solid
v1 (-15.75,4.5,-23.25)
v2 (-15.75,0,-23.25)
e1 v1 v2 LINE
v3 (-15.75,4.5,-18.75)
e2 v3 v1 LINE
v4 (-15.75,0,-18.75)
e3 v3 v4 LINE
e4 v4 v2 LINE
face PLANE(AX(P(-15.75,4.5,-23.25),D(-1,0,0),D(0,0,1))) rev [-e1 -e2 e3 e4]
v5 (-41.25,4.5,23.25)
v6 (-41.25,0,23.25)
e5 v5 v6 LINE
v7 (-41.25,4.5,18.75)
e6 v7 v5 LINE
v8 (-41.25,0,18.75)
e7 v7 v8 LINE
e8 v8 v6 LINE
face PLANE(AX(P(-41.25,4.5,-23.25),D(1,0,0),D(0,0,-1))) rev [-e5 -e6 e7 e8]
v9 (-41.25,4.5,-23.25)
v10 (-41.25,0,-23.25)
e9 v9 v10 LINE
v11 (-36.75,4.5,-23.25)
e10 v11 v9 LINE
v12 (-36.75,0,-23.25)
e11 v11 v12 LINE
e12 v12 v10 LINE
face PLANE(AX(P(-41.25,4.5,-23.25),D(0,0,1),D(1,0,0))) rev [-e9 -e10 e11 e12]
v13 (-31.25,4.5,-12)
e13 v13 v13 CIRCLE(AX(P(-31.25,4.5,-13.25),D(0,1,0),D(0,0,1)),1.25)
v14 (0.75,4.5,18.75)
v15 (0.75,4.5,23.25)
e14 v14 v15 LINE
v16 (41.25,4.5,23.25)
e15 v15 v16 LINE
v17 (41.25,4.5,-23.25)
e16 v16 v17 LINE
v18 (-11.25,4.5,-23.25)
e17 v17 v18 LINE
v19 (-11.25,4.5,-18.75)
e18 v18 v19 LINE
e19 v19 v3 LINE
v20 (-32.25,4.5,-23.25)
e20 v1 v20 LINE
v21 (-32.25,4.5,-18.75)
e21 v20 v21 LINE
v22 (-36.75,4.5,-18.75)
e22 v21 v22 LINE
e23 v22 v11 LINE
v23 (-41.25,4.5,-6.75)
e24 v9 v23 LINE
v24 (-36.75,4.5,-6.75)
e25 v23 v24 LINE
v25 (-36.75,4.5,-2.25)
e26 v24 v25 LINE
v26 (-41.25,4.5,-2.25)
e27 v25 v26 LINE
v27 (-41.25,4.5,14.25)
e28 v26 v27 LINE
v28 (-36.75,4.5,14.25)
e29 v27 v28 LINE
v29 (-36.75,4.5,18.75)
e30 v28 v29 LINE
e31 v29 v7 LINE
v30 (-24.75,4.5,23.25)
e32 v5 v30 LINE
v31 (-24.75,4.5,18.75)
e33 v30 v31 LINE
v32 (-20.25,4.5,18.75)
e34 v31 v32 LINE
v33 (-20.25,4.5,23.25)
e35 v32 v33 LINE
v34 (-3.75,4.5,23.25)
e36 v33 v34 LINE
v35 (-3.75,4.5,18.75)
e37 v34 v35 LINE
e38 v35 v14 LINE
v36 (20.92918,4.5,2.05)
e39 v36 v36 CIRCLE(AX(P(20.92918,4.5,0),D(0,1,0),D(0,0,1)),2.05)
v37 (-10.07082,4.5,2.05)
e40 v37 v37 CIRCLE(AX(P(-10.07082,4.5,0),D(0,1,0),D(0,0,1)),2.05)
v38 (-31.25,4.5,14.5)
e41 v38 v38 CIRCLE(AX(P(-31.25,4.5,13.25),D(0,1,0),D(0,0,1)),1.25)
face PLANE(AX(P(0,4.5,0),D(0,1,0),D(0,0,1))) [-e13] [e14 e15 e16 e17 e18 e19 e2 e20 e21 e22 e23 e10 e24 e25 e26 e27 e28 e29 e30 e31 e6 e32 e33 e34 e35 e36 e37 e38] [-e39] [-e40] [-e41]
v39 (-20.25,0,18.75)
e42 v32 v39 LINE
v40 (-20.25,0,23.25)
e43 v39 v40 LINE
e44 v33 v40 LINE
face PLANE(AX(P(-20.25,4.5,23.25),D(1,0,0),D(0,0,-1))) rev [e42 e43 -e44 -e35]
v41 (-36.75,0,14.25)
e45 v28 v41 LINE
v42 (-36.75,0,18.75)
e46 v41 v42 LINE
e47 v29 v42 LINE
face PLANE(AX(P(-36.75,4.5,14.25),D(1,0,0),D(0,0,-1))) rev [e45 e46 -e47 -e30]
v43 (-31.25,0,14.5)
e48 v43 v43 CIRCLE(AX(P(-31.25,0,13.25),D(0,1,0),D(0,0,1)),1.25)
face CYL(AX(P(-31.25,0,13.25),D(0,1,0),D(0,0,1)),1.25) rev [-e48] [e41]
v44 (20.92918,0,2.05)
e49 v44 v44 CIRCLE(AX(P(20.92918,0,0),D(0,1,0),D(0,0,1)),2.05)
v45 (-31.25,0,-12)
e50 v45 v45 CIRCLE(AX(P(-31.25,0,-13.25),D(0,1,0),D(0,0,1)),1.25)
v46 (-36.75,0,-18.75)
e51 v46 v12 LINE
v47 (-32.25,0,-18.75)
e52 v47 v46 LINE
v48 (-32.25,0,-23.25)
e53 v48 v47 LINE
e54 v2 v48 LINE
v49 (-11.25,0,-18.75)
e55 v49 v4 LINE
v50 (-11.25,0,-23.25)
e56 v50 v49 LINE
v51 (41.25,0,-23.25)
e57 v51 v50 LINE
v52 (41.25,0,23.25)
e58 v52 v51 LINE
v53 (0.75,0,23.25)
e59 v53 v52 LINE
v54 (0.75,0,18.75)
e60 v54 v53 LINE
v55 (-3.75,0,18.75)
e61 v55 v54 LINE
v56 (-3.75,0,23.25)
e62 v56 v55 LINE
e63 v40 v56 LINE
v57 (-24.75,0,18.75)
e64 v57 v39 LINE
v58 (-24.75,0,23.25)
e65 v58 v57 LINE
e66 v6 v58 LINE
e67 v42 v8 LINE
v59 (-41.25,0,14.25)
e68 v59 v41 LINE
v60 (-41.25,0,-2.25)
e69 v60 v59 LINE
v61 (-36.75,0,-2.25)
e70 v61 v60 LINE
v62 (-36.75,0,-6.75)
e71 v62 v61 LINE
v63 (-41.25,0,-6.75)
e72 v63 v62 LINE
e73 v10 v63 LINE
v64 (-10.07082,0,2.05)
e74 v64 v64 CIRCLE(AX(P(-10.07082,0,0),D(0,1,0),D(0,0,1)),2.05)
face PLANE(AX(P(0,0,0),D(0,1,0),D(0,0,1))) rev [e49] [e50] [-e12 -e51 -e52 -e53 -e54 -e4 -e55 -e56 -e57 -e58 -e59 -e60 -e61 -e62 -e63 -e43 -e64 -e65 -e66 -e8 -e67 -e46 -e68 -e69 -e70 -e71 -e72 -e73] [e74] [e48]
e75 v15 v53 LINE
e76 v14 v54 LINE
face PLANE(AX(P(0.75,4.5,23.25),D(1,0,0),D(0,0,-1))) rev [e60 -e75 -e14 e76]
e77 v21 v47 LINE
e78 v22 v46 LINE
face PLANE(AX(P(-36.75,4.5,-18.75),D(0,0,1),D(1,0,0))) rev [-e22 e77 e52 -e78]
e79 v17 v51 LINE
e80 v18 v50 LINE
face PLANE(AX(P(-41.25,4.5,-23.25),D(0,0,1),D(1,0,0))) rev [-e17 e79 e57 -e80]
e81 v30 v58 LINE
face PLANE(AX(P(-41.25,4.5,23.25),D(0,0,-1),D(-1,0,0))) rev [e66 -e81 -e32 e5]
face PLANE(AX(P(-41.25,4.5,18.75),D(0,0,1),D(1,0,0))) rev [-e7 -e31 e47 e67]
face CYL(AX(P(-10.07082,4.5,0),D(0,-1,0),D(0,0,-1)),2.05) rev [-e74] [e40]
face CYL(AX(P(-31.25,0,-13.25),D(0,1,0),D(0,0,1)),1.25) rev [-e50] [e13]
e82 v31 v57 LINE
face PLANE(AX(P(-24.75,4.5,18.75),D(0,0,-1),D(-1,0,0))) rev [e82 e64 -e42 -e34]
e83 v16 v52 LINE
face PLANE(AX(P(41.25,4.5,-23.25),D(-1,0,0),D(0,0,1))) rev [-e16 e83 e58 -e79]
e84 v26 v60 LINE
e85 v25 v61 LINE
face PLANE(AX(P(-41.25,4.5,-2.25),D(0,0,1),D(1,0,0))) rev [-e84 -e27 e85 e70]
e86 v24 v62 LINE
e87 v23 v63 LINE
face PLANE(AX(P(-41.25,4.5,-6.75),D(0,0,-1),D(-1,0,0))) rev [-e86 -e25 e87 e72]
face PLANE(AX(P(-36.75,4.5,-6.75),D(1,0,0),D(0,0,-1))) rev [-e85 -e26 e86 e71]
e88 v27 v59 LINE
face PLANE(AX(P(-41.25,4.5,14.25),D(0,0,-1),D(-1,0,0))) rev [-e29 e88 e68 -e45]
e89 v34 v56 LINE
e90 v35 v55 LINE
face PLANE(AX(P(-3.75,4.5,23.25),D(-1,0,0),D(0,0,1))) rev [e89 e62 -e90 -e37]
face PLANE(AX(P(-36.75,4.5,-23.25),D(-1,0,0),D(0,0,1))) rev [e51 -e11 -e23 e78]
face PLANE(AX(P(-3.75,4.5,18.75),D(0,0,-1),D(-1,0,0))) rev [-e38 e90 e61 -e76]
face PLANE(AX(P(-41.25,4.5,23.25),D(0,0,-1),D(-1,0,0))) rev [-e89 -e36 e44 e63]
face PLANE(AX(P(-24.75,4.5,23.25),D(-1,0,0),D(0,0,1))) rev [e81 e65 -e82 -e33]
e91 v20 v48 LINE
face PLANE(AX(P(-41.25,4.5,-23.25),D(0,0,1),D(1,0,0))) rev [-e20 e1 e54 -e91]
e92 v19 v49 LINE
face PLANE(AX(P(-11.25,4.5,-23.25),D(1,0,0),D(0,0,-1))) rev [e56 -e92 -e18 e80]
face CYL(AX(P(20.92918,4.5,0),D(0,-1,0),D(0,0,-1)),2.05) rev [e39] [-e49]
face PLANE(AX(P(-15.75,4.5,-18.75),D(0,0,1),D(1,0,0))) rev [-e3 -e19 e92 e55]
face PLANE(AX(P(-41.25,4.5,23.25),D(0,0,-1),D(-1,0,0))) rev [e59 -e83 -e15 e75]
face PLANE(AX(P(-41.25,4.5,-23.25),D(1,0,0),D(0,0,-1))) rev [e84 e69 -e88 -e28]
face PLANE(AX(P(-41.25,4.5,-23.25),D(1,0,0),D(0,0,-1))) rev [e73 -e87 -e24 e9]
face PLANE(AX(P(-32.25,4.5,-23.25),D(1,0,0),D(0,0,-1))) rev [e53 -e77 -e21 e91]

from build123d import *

# Parameters (mm, degrees)
SKETCH1_W           = 82.5
SKETCH1_H           = 46.5
SKETCH1_R           = 2.05
BOSS_EXTRUDE1_DEPTH = 4.5
SKETCH2_R           = 1.25
CUT_EXTRUDE1_DEPTH  = 5.5
SKETCH3_W           = 4.5
SKETCH3_H           = 4.5
CUT_EXTRUDE2_DEPTH  = 5.5


with BuildPart() as part:
    # Sketch1 → Boss-Extrude1 (new body)
    with BuildSketch(Plane(origin=(0, 0, 0), x_dir=(1, 0, 0), z_dir=(0, 1, 0))):
        Rectangle(SKETCH1_W, SKETCH1_H)
        with Locations((20.92918, 0)):
            Circle(SKETCH1_R, mode=Mode.SUBTRACT)
        with Locations((-10.07082, 0)):
            Circle(SKETCH1_R, mode=Mode.SUBTRACT)
    extrude(amount=BOSS_EXTRUDE1_DEPTH)

    # Sketch2 → Cut-Extrude1 (cut, through all)
    with BuildSketch(Plane(origin=(0, 4.5, 0), x_dir=(1, 0, 0), z_dir=(0, 1, 0))):
        with Locations((-31.25, -13.25)):
            Circle(SKETCH2_R)
        with Locations((-31.25, 13.25)):
            Circle(SKETCH2_R)
    extrude(amount=-CUT_EXTRUDE1_DEPTH, mode=Mode.SUBTRACT)

    # Sketch3 → Cut-Extrude2 (cut, through all)
    with BuildSketch(Plane(origin=(0, 0, 0), x_dir=(-1, 0, 0), z_dir=(0, -1, 0))):
        with Locations((34.5, 21)):
            Rectangle(SKETCH3_W, SKETCH3_H)
        with Locations((39, 4.5)):
            Rectangle(SKETCH3_W, SKETCH3_H)
        with Locations((39, -16.5)):
            Rectangle(SKETCH3_W, SKETCH3_H)
        with Locations((22.5, -21)):
            Rectangle(SKETCH3_W, SKETCH3_H)
        with Locations((1.5, -21)):
            Rectangle(SKETCH3_W, SKETCH3_H)
        with Locations((13.5, 21)):
            Rectangle(SKETCH3_W, SKETCH3_H)
    extrude(amount=-CUT_EXTRUDE2_DEPTH, mode=Mode.SUBTRACT)


solid = part.part
